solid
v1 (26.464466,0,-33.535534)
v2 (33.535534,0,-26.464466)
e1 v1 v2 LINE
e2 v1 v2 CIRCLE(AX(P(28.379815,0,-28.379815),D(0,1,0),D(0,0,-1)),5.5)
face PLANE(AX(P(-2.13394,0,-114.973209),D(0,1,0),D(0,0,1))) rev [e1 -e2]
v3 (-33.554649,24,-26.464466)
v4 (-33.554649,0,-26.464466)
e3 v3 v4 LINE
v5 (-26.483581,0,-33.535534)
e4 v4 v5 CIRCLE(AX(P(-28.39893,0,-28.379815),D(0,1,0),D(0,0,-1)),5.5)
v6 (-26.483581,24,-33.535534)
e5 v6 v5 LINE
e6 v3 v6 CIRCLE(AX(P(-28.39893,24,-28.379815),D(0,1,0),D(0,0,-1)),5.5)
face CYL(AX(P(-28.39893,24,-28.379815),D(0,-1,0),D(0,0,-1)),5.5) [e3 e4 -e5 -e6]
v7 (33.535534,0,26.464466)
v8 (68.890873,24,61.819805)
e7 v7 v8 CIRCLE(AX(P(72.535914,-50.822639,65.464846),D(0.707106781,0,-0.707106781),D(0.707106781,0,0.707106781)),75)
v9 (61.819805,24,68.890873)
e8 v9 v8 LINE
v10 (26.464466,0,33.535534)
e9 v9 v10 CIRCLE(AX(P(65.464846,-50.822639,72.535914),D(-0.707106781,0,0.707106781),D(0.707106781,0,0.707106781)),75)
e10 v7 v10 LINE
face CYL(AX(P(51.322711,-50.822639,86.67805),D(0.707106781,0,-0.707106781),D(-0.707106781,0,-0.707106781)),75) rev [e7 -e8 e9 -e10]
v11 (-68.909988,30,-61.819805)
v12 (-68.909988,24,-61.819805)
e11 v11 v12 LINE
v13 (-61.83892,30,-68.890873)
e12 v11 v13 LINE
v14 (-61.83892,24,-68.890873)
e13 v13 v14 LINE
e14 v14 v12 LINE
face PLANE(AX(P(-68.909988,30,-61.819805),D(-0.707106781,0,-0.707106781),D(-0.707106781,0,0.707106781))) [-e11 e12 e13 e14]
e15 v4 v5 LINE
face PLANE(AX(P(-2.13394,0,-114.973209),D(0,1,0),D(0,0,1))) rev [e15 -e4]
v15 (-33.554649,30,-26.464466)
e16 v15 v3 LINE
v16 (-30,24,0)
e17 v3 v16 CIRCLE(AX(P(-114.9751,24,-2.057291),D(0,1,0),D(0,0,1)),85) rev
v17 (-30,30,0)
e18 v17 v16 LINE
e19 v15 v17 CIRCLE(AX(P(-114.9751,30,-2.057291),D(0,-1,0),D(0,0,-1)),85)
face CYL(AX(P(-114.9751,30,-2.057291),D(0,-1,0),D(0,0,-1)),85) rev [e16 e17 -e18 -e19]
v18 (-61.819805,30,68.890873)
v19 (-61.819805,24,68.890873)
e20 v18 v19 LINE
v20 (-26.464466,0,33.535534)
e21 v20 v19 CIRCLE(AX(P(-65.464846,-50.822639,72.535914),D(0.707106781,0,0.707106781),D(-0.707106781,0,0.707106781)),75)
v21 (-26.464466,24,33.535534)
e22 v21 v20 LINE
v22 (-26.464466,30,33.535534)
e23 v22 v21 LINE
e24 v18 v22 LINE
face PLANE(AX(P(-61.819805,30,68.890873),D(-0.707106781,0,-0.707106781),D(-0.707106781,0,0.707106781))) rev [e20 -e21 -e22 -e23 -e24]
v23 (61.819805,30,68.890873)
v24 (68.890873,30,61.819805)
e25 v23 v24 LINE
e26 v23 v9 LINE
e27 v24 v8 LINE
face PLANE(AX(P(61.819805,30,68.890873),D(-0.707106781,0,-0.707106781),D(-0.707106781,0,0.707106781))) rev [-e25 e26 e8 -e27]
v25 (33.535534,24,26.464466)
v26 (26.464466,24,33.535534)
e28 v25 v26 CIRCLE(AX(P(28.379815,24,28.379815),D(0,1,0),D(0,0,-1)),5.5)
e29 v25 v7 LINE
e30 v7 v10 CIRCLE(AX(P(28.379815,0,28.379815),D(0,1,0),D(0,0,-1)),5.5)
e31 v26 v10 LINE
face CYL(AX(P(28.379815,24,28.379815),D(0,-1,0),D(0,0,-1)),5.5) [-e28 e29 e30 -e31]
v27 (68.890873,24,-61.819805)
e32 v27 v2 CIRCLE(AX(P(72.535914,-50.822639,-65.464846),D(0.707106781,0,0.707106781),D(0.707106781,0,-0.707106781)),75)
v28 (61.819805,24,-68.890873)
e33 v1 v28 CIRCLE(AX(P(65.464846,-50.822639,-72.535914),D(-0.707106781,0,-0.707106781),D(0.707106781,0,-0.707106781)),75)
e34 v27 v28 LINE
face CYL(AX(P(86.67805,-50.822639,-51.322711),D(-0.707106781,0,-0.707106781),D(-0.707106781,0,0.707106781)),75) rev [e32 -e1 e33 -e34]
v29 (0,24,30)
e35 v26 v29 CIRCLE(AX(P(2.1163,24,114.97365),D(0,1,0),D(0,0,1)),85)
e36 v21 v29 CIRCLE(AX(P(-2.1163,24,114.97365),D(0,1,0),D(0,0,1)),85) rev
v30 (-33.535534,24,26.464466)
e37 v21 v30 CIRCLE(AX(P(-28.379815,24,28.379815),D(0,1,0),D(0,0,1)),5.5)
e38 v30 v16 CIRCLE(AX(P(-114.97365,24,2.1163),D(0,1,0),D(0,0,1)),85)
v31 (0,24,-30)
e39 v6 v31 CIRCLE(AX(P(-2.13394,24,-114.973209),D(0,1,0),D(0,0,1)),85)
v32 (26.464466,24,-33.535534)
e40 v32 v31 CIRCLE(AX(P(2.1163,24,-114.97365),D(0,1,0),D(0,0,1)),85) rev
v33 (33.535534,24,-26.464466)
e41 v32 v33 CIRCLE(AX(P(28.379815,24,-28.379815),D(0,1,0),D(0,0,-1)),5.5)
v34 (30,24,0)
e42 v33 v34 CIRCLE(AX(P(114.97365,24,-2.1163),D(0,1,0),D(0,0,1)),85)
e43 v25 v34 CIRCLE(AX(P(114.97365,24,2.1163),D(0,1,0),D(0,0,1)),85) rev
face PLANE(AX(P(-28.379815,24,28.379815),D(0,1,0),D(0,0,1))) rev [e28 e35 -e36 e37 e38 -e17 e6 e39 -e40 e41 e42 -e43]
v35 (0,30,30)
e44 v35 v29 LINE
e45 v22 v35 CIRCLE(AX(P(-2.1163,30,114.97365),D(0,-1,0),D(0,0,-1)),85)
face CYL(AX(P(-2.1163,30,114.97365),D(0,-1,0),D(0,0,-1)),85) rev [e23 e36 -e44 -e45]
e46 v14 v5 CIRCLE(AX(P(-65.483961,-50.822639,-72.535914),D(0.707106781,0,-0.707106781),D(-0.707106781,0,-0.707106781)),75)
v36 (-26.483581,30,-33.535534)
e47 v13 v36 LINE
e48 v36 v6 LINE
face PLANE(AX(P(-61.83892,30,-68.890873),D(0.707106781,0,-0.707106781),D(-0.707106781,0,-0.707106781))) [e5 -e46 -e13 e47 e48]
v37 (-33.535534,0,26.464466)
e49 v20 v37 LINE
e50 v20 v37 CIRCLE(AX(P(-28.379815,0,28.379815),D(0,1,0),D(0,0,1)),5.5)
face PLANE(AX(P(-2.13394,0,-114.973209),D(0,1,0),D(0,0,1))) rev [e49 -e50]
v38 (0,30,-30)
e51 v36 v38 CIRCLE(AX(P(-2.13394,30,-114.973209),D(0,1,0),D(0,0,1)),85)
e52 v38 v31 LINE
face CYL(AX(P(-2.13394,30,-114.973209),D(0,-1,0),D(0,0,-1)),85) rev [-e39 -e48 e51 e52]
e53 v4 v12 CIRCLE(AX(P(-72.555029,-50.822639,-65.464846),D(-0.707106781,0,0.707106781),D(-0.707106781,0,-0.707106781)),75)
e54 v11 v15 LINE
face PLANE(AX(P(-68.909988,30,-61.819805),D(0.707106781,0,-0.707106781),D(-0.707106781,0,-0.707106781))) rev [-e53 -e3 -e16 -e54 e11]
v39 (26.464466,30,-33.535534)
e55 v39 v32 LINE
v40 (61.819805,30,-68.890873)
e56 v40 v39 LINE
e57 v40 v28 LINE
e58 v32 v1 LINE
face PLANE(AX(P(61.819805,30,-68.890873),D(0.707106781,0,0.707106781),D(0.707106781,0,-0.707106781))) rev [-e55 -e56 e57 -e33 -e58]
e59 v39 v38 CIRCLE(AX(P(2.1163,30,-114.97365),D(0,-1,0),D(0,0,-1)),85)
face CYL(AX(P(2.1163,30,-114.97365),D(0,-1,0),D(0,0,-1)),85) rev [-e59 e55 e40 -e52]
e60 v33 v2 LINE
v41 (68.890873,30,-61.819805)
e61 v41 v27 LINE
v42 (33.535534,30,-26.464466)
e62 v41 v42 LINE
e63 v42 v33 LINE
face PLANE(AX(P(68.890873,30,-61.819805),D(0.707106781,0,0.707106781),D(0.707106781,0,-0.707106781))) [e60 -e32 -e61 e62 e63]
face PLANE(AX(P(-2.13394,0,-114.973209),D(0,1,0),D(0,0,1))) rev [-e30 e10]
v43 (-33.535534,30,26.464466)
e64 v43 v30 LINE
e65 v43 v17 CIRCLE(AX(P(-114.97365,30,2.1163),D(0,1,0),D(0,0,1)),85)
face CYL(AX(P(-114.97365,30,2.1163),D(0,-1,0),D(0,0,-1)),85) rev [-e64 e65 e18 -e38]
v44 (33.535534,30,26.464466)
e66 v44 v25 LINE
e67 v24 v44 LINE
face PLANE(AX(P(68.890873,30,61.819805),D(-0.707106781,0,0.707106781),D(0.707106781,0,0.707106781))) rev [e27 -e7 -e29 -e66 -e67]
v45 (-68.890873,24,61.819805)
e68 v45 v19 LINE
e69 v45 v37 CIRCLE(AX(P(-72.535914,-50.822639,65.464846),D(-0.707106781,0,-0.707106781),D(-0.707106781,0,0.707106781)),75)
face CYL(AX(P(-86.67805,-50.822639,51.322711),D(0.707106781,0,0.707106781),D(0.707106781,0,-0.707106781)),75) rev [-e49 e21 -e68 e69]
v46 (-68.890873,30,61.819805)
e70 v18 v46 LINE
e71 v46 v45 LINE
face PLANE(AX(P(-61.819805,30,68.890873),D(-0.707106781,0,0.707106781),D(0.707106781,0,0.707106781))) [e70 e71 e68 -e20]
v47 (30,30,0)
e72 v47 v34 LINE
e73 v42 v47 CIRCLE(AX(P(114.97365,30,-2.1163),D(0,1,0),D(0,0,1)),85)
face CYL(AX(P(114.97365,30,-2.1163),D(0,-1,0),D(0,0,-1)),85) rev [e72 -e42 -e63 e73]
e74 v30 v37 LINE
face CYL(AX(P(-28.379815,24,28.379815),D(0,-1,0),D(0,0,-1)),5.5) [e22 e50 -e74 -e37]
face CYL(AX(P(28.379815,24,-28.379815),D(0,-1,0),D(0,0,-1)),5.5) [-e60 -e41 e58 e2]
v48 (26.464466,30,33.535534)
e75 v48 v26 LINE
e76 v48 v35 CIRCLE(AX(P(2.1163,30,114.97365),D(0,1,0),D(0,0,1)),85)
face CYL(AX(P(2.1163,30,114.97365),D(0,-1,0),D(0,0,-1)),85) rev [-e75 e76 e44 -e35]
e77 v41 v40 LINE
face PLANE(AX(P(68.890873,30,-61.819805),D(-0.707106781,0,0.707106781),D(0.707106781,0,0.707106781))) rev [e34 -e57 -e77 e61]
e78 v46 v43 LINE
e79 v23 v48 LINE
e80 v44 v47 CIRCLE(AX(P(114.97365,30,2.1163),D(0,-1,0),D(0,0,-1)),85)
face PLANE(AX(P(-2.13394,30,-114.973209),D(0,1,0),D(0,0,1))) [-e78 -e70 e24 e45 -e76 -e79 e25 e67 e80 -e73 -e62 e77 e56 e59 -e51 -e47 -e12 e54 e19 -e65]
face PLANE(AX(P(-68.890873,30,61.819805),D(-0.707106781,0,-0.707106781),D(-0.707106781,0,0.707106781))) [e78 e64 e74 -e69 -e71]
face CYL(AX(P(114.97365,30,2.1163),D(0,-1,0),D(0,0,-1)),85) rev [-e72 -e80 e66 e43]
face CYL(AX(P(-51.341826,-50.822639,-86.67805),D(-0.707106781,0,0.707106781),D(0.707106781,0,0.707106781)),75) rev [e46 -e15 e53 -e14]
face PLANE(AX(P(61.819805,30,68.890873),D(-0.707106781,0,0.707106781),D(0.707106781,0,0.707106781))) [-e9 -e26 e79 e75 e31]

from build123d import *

# Parameters (mm, degrees)
P_IDAT_VYSUNUT_M2_DEPTH  = 30
ODEBRAT_VYSUNUT_M1_DEPTH = 30
ODEBRAT_VYSUNUT_M2_DEPTH = 30
ODEBRAT_VYSUNUT_M3_DEPTH = 30
ODEBRAT_VYSUNUT_M4_DEPTH = 30
ODEBRAT_VYSUNUT_M5_DEPTH = 24


with BuildPart() as part:
    # Skica2 → Přidat vysunutím2 (new body)
    with BuildSketch(Plane(origin=(0, 0, 0), x_dir=(1, 0, 0), z_dir=(0, 1, 0))):
        with BuildLine():
            Line((-68.909987848, 61.819805153), (-33.554648789, 26.464466094))
            ThreePointArc((-33.554648789, 26.464466094), (-30.731632254, 13.372688112), (-30, 0))
            ThreePointArc((-30, 0), (-30.722175449, -13.37191938), (-33.535533906, -26.464466094))
            Line((-33.535533906, -26.464466094), (-68.890872965, -61.819805153))
            Line((-68.890872965, -61.819805153), (-61.819805153, -68.890872965))
            Line((-61.819805153, -68.890872965), (-26.464466094, -33.535533906))
            ThreePointArc((-26.464466094, -33.535533906), (-13.37191938, -30.722175449), (0, -30))
            ThreePointArc((0, -30), (13.37191938, -30.722175449), (26.464466094, -33.535533906))
            Line((26.464466094, -33.535533906), (61.819805153, -68.890872965))
            Line((61.819805153, -68.890872965), (68.890872965, -61.819805153))
            Line((68.890872965, -61.819805153), (33.535533906, -26.464466094))
            ThreePointArc((33.535533906, -26.464466094), (30.722175449, -13.37191938), (30, 0))
            ThreePointArc((30, 0), (30.722175449, 13.37191938), (33.535533906, 26.464466094))
            Line((33.535533906, 26.464466094), (68.890872965, 61.819805153))
            Line((68.890872965, 61.819805153), (61.819805153, 68.890872965))
            Line((61.819805153, 68.890872965), (26.464466094, 33.535533906))
            ThreePointArc((26.464466094, 33.535533906), (13.37191938, 30.722175449), (0, 30))
            ThreePointArc((0, 30), (-13.381577193, 30.72066838), (-26.483580977, 33.535533906))
            Line((-26.483580977, 33.535533906), (-61.838920037, 68.890872965))
            Line((-61.838920037, 68.890872965), (-68.909987848, 61.819805153))
        make_face()
    extrude(amount=P_IDAT_VYSUNUT_M2_DEPTH)

    # Skica4 → Odebrat vysunutím1 (cut)
    with BuildSketch(Plane(origin=(3.535533906, 0, -3.535533906), x_dir=(-0.707106781186553, 0, -0.7071067811865421), z_dir=(0.7071067811865421, 0, -0.707106781186553))):
        with BuildLine():
            Line((-42.426406871, 0), (-92.426406871, 0))
            Line((-92.426406871, 0), (-92.426406871, 24))
            ThreePointArc((-92.426406871, 24), (-65.126443653, 16.791590037), (-42.426406871, 0))
        make_face()
    extrude(amount=-ODEBRAT_VYSUNUT_M1_DEPTH, mode=Mode.SUBTRACT)

    # Skica5 → Odebrat vysunutím2 (cut)
    with BuildSketch(Plane(origin=(3.535533906, 0, 3.535533906), x_dir=(0.7071067811865475, 0, -0.7071067811865477), z_dir=(0.7071067811865477, 0, 0.7071067811865475))):
        with BuildLine():
            Line((-92.426406871, 0), (-92.426406871, 24))
            ThreePointArc((-92.426406871, 24), (-65.126443653, 16.791590037), (-42.426406871, 0))
            Line((-42.426406871, 0), (-92.426406871, 0))
        make_face()
    extrude(amount=-ODEBRAT_VYSUNUT_M2_DEPTH, mode=Mode.SUBTRACT)

    # Skica6 → Odebrat vysunutím3 (cut)
    with BuildSketch(Plane(origin=(-3.545091348, 0, 3.545091348), x_dir=(0.7071067811865475, 0, 0.7071067811865476), z_dir=(-0.7071067811865476, 0, 0.7071067811865475))):
        with BuildLine():
            Line((-92.439923135, 0), (-92.439923135, 24))
            ThreePointArc((-92.439923135, 24), (-65.139959917, 16.791590037), (-42.439923135, 0))
            Line((-42.439923135, 0), (-92.439923135, 0))
        make_face()
    extrude(amount=-ODEBRAT_VYSUNUT_M3_DEPTH, mode=Mode.SUBTRACT)

    # Skica7 → Odebrat vysunutím4 (cut)
    with BuildSketch(Plane(origin=(-3.535533906, 0, -3.535533906), x_dir=(-0.7071067811865472, 0, 0.7071067811865478), z_dir=(-0.7071067811865478, 0, -0.7071067811865472))):
        with BuildLine():
            Line((-92.426406871, 0), (-92.426406871, 24))
            ThreePointArc((-92.426406871, 24), (-65.126443653, 16.791590037), (-42.426406871, 0))
            Line((-42.426406871, 0), (-92.426406871, 0))
        make_face()
    extrude(amount=-ODEBRAT_VYSUNUT_M4_DEPTH, mode=Mode.SUBTRACT)

    # Skica8 → Odebrat vysunutím5 (cut)
    with BuildSketch(Plane.XZ):
        with BuildLine():
            Line((-33.554648789, -26.464466094), (-33.535533906, 26.464466094))
            ThreePointArc((-33.535533906, 26.464466094), (-24.490727529, 24.490727529), (-26.464466094, 33.535533906))
            Line((-26.464466094, 33.535533906), (26.464466094, 33.535533906))
            ThreePointArc((26.464466094, 33.535533906), (24.490727529, 24.490727529), (33.535533906, 26.464466094))
            Line((33.535533906, 26.464466094), (33.535533906, -26.464466094))
            ThreePointArc((33.535533906, -26.464466094), (24.490727529, -24.490727529), (26.464466094, -33.535533906))
            Line((26.464466094, -33.535533906), (-26.483580977, -33.535533906))
            ThreePointArc((-26.483580977, -33.535533906), (-24.509842412, -24.490727529), (-33.554648789, -26.464466094))
        make_face()
    extrude(amount=-ODEBRAT_VYSUNUT_M5_DEPTH, mode=Mode.SUBTRACT)


solid = part.part
